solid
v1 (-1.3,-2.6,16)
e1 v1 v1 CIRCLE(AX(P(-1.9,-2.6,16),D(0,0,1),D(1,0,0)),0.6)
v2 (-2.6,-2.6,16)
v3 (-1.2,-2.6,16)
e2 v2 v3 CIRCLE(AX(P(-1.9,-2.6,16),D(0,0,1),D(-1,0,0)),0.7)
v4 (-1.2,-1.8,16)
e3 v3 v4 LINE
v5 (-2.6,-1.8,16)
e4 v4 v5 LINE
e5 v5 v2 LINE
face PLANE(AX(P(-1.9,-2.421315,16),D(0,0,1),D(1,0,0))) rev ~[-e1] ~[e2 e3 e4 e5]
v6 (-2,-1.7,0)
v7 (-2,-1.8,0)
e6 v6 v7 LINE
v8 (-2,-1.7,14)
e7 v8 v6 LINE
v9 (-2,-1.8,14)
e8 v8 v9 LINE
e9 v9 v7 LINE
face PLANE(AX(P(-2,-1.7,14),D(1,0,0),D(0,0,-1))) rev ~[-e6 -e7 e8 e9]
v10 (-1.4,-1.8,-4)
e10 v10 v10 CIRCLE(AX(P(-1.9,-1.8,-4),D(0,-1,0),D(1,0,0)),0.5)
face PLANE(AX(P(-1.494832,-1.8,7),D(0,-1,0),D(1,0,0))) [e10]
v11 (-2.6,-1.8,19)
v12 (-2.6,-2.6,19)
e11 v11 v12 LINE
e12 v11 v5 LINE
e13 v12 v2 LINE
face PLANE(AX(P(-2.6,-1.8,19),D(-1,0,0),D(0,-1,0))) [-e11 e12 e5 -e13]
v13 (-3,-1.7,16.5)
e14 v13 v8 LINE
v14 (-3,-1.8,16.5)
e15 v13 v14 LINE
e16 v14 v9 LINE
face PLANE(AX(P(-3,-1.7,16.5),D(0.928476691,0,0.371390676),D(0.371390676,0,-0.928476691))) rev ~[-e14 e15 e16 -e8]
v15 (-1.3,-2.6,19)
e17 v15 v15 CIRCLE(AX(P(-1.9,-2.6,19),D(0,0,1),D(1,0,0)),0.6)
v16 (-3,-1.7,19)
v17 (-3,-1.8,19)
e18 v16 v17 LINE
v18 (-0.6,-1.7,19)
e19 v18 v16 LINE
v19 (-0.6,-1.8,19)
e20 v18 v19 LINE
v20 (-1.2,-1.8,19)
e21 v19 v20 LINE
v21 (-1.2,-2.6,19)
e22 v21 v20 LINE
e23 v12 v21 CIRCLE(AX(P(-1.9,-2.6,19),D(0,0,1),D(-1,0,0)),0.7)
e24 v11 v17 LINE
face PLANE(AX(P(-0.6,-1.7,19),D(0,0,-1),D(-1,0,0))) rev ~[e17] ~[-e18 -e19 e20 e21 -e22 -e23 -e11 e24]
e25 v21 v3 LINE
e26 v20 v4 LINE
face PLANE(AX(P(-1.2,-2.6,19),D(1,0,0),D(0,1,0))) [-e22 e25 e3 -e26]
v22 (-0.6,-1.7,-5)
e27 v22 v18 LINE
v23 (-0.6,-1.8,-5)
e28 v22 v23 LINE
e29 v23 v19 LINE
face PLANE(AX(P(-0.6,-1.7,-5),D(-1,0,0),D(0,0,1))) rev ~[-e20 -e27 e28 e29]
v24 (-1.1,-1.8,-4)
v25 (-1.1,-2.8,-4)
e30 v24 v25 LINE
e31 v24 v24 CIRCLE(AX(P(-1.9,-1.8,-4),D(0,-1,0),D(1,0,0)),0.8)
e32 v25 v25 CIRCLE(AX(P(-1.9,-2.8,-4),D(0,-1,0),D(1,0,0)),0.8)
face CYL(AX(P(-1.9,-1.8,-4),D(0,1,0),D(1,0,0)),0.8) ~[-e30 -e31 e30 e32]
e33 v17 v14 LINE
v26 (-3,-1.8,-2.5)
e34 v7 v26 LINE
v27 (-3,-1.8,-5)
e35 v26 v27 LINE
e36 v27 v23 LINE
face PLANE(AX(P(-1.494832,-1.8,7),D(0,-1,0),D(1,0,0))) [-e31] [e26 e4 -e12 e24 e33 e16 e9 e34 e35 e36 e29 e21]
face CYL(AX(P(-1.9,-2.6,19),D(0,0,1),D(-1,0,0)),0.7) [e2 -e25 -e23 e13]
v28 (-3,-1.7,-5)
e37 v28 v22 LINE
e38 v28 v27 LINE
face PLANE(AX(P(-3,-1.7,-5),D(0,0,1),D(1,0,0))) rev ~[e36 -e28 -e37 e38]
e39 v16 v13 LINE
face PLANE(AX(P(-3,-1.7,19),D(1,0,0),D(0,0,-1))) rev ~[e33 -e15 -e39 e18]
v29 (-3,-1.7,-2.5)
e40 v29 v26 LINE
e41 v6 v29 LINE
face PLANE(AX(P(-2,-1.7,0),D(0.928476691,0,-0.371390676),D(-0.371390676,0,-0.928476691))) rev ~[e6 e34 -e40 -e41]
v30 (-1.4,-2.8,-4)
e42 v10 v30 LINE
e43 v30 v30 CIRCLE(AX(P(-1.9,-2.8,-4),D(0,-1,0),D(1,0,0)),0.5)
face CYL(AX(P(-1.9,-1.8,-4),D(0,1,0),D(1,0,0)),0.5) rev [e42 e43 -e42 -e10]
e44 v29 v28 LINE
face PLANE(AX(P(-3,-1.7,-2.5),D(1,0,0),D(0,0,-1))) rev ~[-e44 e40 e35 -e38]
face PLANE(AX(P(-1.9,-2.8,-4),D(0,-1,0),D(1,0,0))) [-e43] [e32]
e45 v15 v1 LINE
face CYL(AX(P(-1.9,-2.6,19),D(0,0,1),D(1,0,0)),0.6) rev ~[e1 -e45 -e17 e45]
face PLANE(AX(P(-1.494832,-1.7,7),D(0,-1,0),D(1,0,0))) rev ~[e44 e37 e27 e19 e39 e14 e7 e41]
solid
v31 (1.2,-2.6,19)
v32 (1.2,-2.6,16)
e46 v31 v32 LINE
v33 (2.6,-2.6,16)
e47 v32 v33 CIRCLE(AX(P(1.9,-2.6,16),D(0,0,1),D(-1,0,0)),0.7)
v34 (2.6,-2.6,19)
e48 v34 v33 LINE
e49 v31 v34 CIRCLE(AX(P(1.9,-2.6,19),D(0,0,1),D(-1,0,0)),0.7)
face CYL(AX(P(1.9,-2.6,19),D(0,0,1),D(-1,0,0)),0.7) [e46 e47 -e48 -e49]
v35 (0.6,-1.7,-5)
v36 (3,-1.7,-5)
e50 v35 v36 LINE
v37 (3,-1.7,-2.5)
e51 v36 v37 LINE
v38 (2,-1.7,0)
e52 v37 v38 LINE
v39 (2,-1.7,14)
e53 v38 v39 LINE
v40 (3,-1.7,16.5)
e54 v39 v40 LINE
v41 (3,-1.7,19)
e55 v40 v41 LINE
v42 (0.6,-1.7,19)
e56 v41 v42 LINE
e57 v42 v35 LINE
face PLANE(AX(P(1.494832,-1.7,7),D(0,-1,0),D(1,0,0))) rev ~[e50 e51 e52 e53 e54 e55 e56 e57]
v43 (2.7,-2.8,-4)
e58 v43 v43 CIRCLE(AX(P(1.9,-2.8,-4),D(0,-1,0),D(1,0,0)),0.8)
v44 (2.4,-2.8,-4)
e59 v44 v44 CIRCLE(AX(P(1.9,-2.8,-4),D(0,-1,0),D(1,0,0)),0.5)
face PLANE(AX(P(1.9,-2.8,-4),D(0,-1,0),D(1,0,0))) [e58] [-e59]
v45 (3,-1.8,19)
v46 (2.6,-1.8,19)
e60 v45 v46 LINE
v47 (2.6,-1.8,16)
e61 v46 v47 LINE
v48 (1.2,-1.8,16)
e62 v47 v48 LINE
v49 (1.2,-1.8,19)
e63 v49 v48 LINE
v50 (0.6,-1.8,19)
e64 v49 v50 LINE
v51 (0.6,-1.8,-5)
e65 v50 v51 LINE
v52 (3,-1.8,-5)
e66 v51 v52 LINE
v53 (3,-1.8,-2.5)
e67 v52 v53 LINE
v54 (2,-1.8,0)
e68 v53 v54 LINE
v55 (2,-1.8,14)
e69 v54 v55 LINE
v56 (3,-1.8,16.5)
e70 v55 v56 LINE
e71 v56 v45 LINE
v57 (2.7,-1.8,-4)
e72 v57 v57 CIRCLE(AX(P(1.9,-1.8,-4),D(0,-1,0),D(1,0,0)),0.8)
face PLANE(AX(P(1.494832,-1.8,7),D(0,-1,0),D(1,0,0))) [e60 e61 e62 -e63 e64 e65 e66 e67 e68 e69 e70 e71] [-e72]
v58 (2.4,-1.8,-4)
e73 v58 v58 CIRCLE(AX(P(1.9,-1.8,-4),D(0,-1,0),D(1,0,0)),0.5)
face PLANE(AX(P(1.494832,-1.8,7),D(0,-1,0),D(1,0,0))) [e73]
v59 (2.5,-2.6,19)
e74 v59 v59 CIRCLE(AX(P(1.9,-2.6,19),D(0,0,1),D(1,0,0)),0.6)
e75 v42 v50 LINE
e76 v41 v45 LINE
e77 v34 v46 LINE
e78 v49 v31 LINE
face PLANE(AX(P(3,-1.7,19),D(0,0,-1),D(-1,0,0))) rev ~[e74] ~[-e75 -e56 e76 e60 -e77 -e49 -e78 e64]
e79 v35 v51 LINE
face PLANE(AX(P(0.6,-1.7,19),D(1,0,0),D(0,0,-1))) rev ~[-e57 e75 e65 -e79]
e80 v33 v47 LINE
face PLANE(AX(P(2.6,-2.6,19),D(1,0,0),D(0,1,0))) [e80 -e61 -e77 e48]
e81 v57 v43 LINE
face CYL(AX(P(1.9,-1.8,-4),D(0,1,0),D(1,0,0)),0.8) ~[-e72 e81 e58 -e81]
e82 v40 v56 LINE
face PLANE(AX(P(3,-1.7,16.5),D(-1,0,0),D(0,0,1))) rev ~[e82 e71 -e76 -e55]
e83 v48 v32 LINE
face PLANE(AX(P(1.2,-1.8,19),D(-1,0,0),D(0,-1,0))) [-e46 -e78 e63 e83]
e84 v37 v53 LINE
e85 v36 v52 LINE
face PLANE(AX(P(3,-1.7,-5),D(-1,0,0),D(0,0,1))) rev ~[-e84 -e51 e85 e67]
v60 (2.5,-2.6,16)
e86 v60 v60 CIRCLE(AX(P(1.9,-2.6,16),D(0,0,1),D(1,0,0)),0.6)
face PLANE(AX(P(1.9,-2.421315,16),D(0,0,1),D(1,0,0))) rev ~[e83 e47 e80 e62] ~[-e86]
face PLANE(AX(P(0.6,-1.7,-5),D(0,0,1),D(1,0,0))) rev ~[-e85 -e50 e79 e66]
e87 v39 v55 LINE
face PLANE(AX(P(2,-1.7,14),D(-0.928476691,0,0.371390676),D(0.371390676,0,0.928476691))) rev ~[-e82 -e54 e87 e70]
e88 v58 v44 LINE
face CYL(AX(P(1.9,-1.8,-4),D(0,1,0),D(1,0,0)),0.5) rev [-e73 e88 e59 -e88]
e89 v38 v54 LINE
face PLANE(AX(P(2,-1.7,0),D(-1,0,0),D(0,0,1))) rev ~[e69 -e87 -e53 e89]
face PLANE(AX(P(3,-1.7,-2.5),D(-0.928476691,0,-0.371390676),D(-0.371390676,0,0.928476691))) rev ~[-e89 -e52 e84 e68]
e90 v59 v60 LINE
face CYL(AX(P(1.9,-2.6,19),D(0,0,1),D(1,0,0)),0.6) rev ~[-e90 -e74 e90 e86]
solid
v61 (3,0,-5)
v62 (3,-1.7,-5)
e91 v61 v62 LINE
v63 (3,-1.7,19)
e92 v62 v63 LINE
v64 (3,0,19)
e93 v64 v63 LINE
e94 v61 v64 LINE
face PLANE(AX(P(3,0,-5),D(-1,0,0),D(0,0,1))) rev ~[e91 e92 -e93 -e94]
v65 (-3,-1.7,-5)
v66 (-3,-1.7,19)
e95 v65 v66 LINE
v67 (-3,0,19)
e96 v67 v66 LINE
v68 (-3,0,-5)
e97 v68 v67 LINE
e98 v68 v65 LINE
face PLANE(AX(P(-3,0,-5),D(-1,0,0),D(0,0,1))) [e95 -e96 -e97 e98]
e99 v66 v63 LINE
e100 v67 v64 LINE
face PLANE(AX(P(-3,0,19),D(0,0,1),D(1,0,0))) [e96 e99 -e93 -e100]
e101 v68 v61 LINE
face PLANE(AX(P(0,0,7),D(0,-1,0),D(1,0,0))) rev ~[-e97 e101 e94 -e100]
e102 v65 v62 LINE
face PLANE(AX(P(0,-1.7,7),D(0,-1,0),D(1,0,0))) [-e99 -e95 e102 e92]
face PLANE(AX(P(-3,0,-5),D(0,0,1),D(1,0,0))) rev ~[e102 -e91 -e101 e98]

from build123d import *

# Parameters (mm, degrees)
F0_W     = 6
F0_H     = 24
F1_DEPTH = 1.7
F3_DEPTH = 0.1
F4_R     = 0.8
F4_R_2   = 0.5
F5_DEPTH = 1
F6_R     = 0.8
F6_R_2   = 0.5
F7_DEPTH = 1
F8_R     = 0.6
F9_DEPTH = 3


with BuildPart() as f1:
    # F0 (on Front) → F1 (new body)
    with BuildSketch(Plane.XZ):
        with Locations((0, 7)):
            Rectangle(F0_W, F0_H)
    extrude(amount=F1_DEPTH)


with BuildPart() as f3:
    # F2 (on face) → F3 (new body)
    with BuildSketch(Plane.XZ.offset(1.7)):
        Polygon((-3, -2.5), (-3, -5), (-0.6, -5), (-0.6, 7), (-0.6, 19), (-3, 19), (-3, 16.5), (-2, 14), (-2, 7), (-2, 0), align=None)
        Polygon((0.6, 7), (0.6, -5), (3, -5), (3, -2.5), (2, 0), (2, 7), (2, 14), (3, 16.5), (3, 19), (0.6, 19), align=None)
    extrude(amount=F3_DEPTH)

    # F4 (on face) → F5 (join)
    with BuildSketch(Plane.XZ.offset(1.8)):
        with Locations((-1.9, -4)):
            Circle(F4_R)
        with Locations((-1.9, -4)):
            Circle(F4_R_2, mode=Mode.SUBTRACT)
    extrude(amount=F5_DEPTH)

    # F6 (on face) → F7 (join)
    with BuildSketch(Plane.XZ.offset(1.8)):
        with Locations((1.9, -4)):
            Circle(F6_R)
        with Locations((1.9, -4)):
            Circle(F6_R_2, mode=Mode.SUBTRACT)
    extrude(amount=F7_DEPTH)

    # F8 (on face) → F9 (join)
    with BuildSketch(Plane.XY.offset(19)):
        with BuildLine():
            Line((-2.6, -1.8), (-2.6, -2.6))
            ThreePointArc((-2.6, -2.6), (-1.9, -3.3), (-1.2, -2.6))
            Line((-1.2, -2.6), (-1.2, -1.8))
            Line((-1.2, -1.8), (-2.6, -1.8))
        make_face()
        with Locations((-1.9, -2.6)):
            Circle(F8_R, mode=Mode.SUBTRACT)
        with BuildLine():
            Line((1.2, -1.8), (1.2, -2.6))
            ThreePointArc((1.2, -2.6), (1.9, -3.3), (2.6, -2.6))
            Line((2.6, -2.6), (2.6, -1.8))
            Line((2.6, -1.8), (1.2, -1.8))
        make_face()
        with Locations((1.9, -2.6)):
            Circle(F8_R, mode=Mode.SUBTRACT)
    extrude(amount=-F9_DEPTH)


solid = Compound([f1.part, f3.part])
